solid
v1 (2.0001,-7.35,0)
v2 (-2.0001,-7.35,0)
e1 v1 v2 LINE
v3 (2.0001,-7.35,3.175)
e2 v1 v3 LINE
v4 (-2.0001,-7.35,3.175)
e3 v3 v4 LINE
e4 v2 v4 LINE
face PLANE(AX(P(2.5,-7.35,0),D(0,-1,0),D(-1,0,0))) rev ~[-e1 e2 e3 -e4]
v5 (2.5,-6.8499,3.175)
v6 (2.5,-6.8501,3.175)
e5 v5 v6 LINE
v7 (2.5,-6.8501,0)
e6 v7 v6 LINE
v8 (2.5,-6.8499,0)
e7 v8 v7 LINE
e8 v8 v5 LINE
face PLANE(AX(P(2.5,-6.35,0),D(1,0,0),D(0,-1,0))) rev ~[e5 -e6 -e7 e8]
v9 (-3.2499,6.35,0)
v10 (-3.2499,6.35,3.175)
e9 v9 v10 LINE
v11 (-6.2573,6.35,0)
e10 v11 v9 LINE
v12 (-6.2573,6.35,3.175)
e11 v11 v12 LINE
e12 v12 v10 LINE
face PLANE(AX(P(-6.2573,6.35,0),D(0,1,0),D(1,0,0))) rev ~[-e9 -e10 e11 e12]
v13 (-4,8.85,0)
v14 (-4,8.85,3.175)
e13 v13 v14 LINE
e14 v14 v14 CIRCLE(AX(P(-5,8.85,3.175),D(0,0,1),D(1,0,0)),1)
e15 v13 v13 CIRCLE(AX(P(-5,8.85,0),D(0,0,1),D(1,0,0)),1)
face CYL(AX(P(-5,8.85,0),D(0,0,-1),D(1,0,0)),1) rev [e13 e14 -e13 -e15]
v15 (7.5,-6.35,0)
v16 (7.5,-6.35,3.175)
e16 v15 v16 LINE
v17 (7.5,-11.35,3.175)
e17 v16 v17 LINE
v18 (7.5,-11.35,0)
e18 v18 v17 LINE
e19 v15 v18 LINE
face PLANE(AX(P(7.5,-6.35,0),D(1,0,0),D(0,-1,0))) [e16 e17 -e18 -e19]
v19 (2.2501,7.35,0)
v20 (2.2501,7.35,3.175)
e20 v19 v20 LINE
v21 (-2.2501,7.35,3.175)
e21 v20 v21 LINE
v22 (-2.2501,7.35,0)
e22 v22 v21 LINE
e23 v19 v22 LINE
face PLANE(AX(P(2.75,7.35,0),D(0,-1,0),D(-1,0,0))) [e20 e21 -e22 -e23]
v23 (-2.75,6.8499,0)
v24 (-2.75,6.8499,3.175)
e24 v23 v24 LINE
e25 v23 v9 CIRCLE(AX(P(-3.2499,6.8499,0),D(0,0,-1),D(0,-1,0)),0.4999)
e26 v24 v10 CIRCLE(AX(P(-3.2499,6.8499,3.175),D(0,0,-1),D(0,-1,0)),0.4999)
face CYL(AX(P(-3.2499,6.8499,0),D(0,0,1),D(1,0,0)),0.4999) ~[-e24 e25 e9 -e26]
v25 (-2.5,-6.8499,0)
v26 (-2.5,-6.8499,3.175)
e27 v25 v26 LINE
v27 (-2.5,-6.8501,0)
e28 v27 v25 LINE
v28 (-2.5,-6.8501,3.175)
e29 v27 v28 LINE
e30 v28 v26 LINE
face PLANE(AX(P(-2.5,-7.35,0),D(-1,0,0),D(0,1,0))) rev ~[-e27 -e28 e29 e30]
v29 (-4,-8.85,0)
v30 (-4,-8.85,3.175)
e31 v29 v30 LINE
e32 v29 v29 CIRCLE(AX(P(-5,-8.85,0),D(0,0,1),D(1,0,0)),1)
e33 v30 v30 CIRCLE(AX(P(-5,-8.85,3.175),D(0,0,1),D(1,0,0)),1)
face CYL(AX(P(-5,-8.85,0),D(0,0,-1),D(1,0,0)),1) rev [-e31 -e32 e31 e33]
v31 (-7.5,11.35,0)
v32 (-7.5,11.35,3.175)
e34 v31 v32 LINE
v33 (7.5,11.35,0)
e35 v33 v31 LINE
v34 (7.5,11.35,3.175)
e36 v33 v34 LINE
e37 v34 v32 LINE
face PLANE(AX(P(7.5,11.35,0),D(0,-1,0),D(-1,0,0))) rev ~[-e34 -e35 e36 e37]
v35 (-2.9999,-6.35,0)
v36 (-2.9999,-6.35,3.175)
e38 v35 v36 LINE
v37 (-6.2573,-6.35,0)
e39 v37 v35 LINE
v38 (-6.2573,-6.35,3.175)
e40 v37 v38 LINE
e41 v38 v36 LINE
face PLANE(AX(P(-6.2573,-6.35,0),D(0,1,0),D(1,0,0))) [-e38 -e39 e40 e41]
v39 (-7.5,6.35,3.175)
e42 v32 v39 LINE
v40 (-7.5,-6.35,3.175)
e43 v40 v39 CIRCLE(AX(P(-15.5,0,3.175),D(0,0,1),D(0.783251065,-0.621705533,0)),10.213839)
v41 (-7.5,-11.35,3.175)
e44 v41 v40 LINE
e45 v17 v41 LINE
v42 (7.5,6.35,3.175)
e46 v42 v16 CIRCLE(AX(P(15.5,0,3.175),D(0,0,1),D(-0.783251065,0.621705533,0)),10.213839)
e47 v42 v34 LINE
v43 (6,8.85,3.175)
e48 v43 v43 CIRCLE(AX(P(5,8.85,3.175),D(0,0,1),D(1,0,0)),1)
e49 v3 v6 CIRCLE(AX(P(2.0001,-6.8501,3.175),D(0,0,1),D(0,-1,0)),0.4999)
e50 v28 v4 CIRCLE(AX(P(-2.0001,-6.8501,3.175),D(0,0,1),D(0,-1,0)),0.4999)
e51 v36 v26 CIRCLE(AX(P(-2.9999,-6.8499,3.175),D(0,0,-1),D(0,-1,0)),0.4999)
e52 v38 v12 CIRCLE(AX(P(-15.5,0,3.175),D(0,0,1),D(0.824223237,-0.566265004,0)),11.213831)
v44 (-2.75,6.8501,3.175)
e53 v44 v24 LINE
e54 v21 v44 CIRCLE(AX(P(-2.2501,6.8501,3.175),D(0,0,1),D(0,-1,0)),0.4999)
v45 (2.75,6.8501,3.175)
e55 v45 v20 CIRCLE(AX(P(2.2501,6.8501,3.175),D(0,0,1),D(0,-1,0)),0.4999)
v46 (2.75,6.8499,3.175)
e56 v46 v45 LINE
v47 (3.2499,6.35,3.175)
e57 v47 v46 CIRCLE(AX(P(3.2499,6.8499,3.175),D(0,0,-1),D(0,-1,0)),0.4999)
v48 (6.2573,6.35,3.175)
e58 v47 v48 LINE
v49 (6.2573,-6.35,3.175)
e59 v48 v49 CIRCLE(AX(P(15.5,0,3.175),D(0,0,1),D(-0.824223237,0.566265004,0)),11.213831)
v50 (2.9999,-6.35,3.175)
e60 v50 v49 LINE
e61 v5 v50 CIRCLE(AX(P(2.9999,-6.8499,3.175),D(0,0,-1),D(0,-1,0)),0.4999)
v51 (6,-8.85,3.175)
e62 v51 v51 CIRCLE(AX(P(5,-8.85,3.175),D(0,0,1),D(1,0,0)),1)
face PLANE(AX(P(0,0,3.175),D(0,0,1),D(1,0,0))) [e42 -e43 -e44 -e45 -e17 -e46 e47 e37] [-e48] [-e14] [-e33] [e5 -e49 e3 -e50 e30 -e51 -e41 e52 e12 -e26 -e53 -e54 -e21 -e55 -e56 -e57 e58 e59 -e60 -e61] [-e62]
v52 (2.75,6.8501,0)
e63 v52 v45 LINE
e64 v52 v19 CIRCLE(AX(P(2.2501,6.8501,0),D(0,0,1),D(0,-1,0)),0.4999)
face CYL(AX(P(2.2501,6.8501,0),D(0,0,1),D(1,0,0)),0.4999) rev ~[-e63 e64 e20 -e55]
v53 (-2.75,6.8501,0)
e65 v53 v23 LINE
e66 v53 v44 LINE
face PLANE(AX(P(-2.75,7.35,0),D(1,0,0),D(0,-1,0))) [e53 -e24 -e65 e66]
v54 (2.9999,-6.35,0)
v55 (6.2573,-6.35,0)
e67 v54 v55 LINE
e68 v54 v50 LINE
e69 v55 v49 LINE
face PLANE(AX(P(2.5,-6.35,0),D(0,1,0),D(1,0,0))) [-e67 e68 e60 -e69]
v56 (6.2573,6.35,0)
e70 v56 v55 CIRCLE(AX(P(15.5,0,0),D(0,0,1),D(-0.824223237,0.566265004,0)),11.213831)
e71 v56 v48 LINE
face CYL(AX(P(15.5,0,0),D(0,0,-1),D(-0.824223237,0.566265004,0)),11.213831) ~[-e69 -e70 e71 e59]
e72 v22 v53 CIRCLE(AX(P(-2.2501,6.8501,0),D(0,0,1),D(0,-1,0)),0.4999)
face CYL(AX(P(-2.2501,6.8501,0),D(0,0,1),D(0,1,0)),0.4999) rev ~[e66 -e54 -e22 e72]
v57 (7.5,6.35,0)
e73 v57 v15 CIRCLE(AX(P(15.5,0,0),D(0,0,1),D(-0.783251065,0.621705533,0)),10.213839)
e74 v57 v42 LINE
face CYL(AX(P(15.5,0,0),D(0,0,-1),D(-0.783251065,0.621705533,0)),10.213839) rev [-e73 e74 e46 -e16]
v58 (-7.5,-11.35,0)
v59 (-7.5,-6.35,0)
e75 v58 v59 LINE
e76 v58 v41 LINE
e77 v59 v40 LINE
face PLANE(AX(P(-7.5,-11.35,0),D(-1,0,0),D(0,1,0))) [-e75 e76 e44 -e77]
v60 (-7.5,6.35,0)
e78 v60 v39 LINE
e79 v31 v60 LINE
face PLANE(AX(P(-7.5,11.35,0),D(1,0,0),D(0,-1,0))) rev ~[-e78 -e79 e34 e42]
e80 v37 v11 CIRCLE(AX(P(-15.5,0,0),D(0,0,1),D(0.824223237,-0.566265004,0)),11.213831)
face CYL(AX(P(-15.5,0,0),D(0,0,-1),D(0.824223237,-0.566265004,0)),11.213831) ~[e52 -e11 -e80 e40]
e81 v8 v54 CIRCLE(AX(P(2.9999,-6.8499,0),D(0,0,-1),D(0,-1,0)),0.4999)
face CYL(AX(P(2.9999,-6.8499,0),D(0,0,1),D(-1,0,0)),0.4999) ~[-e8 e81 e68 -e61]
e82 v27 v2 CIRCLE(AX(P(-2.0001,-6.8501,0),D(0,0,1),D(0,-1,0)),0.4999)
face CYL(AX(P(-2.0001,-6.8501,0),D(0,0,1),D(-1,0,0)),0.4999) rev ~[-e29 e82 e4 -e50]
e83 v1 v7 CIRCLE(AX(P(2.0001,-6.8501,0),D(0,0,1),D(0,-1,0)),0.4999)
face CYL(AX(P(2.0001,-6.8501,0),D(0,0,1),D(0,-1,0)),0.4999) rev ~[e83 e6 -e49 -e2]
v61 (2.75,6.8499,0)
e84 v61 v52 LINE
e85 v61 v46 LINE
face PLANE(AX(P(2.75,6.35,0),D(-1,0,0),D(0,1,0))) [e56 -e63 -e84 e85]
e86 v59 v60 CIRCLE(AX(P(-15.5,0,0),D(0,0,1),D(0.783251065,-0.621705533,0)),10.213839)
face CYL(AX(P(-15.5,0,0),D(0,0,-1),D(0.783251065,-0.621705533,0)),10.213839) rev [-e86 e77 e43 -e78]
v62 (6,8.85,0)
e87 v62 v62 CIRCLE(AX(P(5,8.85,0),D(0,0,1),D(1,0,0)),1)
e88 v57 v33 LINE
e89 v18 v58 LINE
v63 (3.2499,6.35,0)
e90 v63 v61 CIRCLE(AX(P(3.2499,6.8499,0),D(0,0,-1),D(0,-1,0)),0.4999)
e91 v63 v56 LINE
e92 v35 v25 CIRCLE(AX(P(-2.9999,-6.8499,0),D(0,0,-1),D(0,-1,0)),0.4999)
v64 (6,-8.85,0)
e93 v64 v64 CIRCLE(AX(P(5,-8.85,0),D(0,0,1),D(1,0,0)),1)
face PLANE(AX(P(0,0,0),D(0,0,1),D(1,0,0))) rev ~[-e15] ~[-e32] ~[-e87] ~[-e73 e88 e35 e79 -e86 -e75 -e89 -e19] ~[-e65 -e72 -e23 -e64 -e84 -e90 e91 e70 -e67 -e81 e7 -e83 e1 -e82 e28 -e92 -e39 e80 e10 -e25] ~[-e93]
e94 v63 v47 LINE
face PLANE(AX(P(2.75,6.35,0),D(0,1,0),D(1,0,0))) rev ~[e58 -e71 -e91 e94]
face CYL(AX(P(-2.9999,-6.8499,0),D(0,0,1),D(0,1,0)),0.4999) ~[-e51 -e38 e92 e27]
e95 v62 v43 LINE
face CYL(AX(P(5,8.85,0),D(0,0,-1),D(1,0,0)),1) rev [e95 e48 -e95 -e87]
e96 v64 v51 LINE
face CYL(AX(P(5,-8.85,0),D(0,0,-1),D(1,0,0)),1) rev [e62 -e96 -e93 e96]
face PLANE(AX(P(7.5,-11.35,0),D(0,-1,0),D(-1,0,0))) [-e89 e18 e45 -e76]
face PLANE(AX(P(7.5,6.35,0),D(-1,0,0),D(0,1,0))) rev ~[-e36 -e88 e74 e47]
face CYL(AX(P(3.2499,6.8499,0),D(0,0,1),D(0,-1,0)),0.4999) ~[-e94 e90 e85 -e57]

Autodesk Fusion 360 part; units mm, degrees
sketch "Sketch1" plane through (0, 0, 0) normal (0, 0, 1) x (1, 0, 0)
  line L0 (-7.5, 6.35) -> (7.5, 6.35)
  line L1 (7.5, 6.35) -> (7.5, 11.35)
  line L2 (7.5, 11.35) -> (-7.5, 11.35)
  line L3 (-7.5, 11.35) -> (-7.5, 6.35)
  line L4 (-7.5, 6.35) -> (7.5, 11.35) construction
  line L5 (7.5, 6.35) -> (-7.5, 11.35) construction
  line L6 (-7.5, -6.35) -> (7.5, -6.35)
  line L7 (7.5, -6.35) -> (7.5, -11.35)
  line L8 (7.5, -11.35) -> (-7.5, -11.35)
  line L9 (-7.5, -11.35) -> (-7.5, -6.35)
  line L10 (-7.5, -6.35) -> (7.5, -11.35) construction
  line L11 (7.5, -6.35) -> (-7.5, -11.35) construction
  arc A0 (-7.5, -6.35) -> (-7.5, 6.35) centre (-15.5, 0) ccw
  arc A1 (-6.2573, -6.35) -> (-6.2573, 6.35) centre (-15.5, 0) ccw
  arc A2 (7.5, 6.35) -> (7.5, -6.35) centre (15.5, 0) ccw
  arc A3 (6.2573, 6.35) -> (6.2573, -6.35) centre (15.5, 0) ccw
  circle A4 centre (-5, -8.85) radius 1
  circle A5 centre (5, -8.85) radius 1
  line L12 (-2.75, 6.35) -> (2.75, 6.35)
  line L13 (2.75, 6.35) -> (2.75, 7.35)
  line L14 (2.75, 7.35) -> (-2.75, 7.35)
  line L15 (-2.75, 7.35) -> (-2.75, 6.35)
  line L16 (-2.75, 6.35) -> (2.75, 7.35) construction
  line L17 (2.75, 6.35) -> (-2.75, 7.35) construction
  line L18 (-2.5, -6.35) -> (2.5, -6.35)
  line L19 (2.5, -6.35) -> (2.5, -7.35)
  line L20 (2.5, -7.35) -> (-2.5, -7.35)
  line L21 (-2.5, -7.35) -> (-2.5, -6.35)
  line L22 (-2.5, -6.35) -> (2.5, -7.35) construction
  line L23 (2.5, -6.35) -> (-2.5, -7.35) construction
  line L24 (0, 0) -> (-9.3045, 0) construction
  circle A6 centre (-5, 8.85) radius 1
  circle A7 centre (5, 8.85) radius 1
  point P0 (0, 8.85)
  point P1 (0, -8.85)
  point P2 (0, 6.85)
  point P3 (0, -6.85)
  dimension "d3" = 15
  dimension "d4" = 5
  dimension "d5" = 6.35
  dimension "d6" = 6.35
  dimension "d8" = 1
  dimension "d13" = 1
  dimension "d14" = 8
  dimension "d15" = 8
  dimension "d16" = 2
  dimension "d17" = 5
  dimension "d18" = 5
  dimension "d19" = 5.5
  dimension "d20" = 1
  dimension "d21" = 1
  dimension "d22" = 5
extrude "Extrude1" add sketch "Sketch1" along normal blind 3.175 contours L0 L1 L2 L3 L13 L14 L15 | L0 L6 A0 A1 | L6 L7 L8 L9 L19 L20 L21 | L0 L6 A2 A3
fillet "Fillet1" radius 0.5 8 edges at (-2.5, -7.35, 1.5875) (-2.5, -6.35, 1.5875) (-2.75, 6.35, 1.5875) (-2.75, 7.35, 1.5875) (2.75, 6.35, 1.5875) (2.75, 7.35, 1.5875) (2.5, -6.35, 1.5875) (2.5, -7.35, 1.5875)
sketch "Sketch3" plane through (0, 0, 3.175) normal (0, 0, 1) x (-1, 0, 0)
  circle A0 centre (-5, -8.85) radius 1
  circle A1 centre (5, -8.85) radius 1
  circle A2 centre (5, 8.85) radius 1
  arc A3 (-3, 6.35) -> (-2.5, 6.85) centre (-3, 6.85) ccw
  arc A4 (-2, 7.35) -> (-2.5, 6.85) centre (-2, 6.85) ccw
  line L0 (-2, 7.35) -> (2, 7.35)
  arc A5 (2.5, 6.85) -> (2, 7.35) centre (2, 6.85) ccw
  arc A6 (2.5, 6.85) -> (3, 6.35) centre (3, 6.85) ccw
  line L1 (3, 6.35) -> (6.2573, 6.35)
  arc A7 (6.2573, 6.35) -> (6.2573, -6.35) centre (15.5, 0) ccw
  line L2 (6.2573, -6.35) -> (3.25, -6.35)
  arc A8 (3.25, -6.35) -> (2.75, -6.85) centre (3.25, -6.85) ccw
  arc A9 (2.25, -7.35) -> (2.75, -6.85) centre (2.25, -6.85) ccw
  line L3 (2.25, -7.35) -> (-2.25, -7.35)
  arc A10 (-2.75, -6.85) -> (-2.25, -7.35) centre (-2.25, -6.85) ccw
  arc A11 (-2.75, -6.85) -> (-3.25, -6.35) centre (-3.25, -6.85) ccw
  line L4 (-3.25, -6.35) -> (-6.2573, -6.35)
  arc A12 (-6.2573, -6.35) -> (-6.2573, 6.35) centre (-15.5, 0) ccw
  line L5 (-6.2573, 6.35) -> (-3, 6.35)
  circle A13 centre (-5, 8.85) radius 1
  line L6 (-7.5, -11.35) -> (7.5, -11.35)
  line L7 (7.5, -11.35) -> (7.5, -6.35)
  arc A14 (7.5, 6.35) -> (7.5, -6.35) centre (15.5, 0) ccw
  line L8 (7.5, 6.35) -> (7.5, 11.35)
  line L9 (7.5, 11.35) -> (-7.5, 11.35)
  line L10 (-7.5, 11.35) -> (-7.5, 6.35)
  arc A15 (-7.5, -6.35) -> (-7.5, 6.35) centre (-15.5, 0) ccw
  line L11 (-7.5, -6.35) -> (-7.5, -11.35)
  circle A16 centre (5, 8.85) radius 1
equation "d6 = d5"
equation "d8 = d13"
equation "d11 = 0'- 1/8\""
equation "d15 = d14"
equation "d18 = d17"
equation "d21 = d20"
